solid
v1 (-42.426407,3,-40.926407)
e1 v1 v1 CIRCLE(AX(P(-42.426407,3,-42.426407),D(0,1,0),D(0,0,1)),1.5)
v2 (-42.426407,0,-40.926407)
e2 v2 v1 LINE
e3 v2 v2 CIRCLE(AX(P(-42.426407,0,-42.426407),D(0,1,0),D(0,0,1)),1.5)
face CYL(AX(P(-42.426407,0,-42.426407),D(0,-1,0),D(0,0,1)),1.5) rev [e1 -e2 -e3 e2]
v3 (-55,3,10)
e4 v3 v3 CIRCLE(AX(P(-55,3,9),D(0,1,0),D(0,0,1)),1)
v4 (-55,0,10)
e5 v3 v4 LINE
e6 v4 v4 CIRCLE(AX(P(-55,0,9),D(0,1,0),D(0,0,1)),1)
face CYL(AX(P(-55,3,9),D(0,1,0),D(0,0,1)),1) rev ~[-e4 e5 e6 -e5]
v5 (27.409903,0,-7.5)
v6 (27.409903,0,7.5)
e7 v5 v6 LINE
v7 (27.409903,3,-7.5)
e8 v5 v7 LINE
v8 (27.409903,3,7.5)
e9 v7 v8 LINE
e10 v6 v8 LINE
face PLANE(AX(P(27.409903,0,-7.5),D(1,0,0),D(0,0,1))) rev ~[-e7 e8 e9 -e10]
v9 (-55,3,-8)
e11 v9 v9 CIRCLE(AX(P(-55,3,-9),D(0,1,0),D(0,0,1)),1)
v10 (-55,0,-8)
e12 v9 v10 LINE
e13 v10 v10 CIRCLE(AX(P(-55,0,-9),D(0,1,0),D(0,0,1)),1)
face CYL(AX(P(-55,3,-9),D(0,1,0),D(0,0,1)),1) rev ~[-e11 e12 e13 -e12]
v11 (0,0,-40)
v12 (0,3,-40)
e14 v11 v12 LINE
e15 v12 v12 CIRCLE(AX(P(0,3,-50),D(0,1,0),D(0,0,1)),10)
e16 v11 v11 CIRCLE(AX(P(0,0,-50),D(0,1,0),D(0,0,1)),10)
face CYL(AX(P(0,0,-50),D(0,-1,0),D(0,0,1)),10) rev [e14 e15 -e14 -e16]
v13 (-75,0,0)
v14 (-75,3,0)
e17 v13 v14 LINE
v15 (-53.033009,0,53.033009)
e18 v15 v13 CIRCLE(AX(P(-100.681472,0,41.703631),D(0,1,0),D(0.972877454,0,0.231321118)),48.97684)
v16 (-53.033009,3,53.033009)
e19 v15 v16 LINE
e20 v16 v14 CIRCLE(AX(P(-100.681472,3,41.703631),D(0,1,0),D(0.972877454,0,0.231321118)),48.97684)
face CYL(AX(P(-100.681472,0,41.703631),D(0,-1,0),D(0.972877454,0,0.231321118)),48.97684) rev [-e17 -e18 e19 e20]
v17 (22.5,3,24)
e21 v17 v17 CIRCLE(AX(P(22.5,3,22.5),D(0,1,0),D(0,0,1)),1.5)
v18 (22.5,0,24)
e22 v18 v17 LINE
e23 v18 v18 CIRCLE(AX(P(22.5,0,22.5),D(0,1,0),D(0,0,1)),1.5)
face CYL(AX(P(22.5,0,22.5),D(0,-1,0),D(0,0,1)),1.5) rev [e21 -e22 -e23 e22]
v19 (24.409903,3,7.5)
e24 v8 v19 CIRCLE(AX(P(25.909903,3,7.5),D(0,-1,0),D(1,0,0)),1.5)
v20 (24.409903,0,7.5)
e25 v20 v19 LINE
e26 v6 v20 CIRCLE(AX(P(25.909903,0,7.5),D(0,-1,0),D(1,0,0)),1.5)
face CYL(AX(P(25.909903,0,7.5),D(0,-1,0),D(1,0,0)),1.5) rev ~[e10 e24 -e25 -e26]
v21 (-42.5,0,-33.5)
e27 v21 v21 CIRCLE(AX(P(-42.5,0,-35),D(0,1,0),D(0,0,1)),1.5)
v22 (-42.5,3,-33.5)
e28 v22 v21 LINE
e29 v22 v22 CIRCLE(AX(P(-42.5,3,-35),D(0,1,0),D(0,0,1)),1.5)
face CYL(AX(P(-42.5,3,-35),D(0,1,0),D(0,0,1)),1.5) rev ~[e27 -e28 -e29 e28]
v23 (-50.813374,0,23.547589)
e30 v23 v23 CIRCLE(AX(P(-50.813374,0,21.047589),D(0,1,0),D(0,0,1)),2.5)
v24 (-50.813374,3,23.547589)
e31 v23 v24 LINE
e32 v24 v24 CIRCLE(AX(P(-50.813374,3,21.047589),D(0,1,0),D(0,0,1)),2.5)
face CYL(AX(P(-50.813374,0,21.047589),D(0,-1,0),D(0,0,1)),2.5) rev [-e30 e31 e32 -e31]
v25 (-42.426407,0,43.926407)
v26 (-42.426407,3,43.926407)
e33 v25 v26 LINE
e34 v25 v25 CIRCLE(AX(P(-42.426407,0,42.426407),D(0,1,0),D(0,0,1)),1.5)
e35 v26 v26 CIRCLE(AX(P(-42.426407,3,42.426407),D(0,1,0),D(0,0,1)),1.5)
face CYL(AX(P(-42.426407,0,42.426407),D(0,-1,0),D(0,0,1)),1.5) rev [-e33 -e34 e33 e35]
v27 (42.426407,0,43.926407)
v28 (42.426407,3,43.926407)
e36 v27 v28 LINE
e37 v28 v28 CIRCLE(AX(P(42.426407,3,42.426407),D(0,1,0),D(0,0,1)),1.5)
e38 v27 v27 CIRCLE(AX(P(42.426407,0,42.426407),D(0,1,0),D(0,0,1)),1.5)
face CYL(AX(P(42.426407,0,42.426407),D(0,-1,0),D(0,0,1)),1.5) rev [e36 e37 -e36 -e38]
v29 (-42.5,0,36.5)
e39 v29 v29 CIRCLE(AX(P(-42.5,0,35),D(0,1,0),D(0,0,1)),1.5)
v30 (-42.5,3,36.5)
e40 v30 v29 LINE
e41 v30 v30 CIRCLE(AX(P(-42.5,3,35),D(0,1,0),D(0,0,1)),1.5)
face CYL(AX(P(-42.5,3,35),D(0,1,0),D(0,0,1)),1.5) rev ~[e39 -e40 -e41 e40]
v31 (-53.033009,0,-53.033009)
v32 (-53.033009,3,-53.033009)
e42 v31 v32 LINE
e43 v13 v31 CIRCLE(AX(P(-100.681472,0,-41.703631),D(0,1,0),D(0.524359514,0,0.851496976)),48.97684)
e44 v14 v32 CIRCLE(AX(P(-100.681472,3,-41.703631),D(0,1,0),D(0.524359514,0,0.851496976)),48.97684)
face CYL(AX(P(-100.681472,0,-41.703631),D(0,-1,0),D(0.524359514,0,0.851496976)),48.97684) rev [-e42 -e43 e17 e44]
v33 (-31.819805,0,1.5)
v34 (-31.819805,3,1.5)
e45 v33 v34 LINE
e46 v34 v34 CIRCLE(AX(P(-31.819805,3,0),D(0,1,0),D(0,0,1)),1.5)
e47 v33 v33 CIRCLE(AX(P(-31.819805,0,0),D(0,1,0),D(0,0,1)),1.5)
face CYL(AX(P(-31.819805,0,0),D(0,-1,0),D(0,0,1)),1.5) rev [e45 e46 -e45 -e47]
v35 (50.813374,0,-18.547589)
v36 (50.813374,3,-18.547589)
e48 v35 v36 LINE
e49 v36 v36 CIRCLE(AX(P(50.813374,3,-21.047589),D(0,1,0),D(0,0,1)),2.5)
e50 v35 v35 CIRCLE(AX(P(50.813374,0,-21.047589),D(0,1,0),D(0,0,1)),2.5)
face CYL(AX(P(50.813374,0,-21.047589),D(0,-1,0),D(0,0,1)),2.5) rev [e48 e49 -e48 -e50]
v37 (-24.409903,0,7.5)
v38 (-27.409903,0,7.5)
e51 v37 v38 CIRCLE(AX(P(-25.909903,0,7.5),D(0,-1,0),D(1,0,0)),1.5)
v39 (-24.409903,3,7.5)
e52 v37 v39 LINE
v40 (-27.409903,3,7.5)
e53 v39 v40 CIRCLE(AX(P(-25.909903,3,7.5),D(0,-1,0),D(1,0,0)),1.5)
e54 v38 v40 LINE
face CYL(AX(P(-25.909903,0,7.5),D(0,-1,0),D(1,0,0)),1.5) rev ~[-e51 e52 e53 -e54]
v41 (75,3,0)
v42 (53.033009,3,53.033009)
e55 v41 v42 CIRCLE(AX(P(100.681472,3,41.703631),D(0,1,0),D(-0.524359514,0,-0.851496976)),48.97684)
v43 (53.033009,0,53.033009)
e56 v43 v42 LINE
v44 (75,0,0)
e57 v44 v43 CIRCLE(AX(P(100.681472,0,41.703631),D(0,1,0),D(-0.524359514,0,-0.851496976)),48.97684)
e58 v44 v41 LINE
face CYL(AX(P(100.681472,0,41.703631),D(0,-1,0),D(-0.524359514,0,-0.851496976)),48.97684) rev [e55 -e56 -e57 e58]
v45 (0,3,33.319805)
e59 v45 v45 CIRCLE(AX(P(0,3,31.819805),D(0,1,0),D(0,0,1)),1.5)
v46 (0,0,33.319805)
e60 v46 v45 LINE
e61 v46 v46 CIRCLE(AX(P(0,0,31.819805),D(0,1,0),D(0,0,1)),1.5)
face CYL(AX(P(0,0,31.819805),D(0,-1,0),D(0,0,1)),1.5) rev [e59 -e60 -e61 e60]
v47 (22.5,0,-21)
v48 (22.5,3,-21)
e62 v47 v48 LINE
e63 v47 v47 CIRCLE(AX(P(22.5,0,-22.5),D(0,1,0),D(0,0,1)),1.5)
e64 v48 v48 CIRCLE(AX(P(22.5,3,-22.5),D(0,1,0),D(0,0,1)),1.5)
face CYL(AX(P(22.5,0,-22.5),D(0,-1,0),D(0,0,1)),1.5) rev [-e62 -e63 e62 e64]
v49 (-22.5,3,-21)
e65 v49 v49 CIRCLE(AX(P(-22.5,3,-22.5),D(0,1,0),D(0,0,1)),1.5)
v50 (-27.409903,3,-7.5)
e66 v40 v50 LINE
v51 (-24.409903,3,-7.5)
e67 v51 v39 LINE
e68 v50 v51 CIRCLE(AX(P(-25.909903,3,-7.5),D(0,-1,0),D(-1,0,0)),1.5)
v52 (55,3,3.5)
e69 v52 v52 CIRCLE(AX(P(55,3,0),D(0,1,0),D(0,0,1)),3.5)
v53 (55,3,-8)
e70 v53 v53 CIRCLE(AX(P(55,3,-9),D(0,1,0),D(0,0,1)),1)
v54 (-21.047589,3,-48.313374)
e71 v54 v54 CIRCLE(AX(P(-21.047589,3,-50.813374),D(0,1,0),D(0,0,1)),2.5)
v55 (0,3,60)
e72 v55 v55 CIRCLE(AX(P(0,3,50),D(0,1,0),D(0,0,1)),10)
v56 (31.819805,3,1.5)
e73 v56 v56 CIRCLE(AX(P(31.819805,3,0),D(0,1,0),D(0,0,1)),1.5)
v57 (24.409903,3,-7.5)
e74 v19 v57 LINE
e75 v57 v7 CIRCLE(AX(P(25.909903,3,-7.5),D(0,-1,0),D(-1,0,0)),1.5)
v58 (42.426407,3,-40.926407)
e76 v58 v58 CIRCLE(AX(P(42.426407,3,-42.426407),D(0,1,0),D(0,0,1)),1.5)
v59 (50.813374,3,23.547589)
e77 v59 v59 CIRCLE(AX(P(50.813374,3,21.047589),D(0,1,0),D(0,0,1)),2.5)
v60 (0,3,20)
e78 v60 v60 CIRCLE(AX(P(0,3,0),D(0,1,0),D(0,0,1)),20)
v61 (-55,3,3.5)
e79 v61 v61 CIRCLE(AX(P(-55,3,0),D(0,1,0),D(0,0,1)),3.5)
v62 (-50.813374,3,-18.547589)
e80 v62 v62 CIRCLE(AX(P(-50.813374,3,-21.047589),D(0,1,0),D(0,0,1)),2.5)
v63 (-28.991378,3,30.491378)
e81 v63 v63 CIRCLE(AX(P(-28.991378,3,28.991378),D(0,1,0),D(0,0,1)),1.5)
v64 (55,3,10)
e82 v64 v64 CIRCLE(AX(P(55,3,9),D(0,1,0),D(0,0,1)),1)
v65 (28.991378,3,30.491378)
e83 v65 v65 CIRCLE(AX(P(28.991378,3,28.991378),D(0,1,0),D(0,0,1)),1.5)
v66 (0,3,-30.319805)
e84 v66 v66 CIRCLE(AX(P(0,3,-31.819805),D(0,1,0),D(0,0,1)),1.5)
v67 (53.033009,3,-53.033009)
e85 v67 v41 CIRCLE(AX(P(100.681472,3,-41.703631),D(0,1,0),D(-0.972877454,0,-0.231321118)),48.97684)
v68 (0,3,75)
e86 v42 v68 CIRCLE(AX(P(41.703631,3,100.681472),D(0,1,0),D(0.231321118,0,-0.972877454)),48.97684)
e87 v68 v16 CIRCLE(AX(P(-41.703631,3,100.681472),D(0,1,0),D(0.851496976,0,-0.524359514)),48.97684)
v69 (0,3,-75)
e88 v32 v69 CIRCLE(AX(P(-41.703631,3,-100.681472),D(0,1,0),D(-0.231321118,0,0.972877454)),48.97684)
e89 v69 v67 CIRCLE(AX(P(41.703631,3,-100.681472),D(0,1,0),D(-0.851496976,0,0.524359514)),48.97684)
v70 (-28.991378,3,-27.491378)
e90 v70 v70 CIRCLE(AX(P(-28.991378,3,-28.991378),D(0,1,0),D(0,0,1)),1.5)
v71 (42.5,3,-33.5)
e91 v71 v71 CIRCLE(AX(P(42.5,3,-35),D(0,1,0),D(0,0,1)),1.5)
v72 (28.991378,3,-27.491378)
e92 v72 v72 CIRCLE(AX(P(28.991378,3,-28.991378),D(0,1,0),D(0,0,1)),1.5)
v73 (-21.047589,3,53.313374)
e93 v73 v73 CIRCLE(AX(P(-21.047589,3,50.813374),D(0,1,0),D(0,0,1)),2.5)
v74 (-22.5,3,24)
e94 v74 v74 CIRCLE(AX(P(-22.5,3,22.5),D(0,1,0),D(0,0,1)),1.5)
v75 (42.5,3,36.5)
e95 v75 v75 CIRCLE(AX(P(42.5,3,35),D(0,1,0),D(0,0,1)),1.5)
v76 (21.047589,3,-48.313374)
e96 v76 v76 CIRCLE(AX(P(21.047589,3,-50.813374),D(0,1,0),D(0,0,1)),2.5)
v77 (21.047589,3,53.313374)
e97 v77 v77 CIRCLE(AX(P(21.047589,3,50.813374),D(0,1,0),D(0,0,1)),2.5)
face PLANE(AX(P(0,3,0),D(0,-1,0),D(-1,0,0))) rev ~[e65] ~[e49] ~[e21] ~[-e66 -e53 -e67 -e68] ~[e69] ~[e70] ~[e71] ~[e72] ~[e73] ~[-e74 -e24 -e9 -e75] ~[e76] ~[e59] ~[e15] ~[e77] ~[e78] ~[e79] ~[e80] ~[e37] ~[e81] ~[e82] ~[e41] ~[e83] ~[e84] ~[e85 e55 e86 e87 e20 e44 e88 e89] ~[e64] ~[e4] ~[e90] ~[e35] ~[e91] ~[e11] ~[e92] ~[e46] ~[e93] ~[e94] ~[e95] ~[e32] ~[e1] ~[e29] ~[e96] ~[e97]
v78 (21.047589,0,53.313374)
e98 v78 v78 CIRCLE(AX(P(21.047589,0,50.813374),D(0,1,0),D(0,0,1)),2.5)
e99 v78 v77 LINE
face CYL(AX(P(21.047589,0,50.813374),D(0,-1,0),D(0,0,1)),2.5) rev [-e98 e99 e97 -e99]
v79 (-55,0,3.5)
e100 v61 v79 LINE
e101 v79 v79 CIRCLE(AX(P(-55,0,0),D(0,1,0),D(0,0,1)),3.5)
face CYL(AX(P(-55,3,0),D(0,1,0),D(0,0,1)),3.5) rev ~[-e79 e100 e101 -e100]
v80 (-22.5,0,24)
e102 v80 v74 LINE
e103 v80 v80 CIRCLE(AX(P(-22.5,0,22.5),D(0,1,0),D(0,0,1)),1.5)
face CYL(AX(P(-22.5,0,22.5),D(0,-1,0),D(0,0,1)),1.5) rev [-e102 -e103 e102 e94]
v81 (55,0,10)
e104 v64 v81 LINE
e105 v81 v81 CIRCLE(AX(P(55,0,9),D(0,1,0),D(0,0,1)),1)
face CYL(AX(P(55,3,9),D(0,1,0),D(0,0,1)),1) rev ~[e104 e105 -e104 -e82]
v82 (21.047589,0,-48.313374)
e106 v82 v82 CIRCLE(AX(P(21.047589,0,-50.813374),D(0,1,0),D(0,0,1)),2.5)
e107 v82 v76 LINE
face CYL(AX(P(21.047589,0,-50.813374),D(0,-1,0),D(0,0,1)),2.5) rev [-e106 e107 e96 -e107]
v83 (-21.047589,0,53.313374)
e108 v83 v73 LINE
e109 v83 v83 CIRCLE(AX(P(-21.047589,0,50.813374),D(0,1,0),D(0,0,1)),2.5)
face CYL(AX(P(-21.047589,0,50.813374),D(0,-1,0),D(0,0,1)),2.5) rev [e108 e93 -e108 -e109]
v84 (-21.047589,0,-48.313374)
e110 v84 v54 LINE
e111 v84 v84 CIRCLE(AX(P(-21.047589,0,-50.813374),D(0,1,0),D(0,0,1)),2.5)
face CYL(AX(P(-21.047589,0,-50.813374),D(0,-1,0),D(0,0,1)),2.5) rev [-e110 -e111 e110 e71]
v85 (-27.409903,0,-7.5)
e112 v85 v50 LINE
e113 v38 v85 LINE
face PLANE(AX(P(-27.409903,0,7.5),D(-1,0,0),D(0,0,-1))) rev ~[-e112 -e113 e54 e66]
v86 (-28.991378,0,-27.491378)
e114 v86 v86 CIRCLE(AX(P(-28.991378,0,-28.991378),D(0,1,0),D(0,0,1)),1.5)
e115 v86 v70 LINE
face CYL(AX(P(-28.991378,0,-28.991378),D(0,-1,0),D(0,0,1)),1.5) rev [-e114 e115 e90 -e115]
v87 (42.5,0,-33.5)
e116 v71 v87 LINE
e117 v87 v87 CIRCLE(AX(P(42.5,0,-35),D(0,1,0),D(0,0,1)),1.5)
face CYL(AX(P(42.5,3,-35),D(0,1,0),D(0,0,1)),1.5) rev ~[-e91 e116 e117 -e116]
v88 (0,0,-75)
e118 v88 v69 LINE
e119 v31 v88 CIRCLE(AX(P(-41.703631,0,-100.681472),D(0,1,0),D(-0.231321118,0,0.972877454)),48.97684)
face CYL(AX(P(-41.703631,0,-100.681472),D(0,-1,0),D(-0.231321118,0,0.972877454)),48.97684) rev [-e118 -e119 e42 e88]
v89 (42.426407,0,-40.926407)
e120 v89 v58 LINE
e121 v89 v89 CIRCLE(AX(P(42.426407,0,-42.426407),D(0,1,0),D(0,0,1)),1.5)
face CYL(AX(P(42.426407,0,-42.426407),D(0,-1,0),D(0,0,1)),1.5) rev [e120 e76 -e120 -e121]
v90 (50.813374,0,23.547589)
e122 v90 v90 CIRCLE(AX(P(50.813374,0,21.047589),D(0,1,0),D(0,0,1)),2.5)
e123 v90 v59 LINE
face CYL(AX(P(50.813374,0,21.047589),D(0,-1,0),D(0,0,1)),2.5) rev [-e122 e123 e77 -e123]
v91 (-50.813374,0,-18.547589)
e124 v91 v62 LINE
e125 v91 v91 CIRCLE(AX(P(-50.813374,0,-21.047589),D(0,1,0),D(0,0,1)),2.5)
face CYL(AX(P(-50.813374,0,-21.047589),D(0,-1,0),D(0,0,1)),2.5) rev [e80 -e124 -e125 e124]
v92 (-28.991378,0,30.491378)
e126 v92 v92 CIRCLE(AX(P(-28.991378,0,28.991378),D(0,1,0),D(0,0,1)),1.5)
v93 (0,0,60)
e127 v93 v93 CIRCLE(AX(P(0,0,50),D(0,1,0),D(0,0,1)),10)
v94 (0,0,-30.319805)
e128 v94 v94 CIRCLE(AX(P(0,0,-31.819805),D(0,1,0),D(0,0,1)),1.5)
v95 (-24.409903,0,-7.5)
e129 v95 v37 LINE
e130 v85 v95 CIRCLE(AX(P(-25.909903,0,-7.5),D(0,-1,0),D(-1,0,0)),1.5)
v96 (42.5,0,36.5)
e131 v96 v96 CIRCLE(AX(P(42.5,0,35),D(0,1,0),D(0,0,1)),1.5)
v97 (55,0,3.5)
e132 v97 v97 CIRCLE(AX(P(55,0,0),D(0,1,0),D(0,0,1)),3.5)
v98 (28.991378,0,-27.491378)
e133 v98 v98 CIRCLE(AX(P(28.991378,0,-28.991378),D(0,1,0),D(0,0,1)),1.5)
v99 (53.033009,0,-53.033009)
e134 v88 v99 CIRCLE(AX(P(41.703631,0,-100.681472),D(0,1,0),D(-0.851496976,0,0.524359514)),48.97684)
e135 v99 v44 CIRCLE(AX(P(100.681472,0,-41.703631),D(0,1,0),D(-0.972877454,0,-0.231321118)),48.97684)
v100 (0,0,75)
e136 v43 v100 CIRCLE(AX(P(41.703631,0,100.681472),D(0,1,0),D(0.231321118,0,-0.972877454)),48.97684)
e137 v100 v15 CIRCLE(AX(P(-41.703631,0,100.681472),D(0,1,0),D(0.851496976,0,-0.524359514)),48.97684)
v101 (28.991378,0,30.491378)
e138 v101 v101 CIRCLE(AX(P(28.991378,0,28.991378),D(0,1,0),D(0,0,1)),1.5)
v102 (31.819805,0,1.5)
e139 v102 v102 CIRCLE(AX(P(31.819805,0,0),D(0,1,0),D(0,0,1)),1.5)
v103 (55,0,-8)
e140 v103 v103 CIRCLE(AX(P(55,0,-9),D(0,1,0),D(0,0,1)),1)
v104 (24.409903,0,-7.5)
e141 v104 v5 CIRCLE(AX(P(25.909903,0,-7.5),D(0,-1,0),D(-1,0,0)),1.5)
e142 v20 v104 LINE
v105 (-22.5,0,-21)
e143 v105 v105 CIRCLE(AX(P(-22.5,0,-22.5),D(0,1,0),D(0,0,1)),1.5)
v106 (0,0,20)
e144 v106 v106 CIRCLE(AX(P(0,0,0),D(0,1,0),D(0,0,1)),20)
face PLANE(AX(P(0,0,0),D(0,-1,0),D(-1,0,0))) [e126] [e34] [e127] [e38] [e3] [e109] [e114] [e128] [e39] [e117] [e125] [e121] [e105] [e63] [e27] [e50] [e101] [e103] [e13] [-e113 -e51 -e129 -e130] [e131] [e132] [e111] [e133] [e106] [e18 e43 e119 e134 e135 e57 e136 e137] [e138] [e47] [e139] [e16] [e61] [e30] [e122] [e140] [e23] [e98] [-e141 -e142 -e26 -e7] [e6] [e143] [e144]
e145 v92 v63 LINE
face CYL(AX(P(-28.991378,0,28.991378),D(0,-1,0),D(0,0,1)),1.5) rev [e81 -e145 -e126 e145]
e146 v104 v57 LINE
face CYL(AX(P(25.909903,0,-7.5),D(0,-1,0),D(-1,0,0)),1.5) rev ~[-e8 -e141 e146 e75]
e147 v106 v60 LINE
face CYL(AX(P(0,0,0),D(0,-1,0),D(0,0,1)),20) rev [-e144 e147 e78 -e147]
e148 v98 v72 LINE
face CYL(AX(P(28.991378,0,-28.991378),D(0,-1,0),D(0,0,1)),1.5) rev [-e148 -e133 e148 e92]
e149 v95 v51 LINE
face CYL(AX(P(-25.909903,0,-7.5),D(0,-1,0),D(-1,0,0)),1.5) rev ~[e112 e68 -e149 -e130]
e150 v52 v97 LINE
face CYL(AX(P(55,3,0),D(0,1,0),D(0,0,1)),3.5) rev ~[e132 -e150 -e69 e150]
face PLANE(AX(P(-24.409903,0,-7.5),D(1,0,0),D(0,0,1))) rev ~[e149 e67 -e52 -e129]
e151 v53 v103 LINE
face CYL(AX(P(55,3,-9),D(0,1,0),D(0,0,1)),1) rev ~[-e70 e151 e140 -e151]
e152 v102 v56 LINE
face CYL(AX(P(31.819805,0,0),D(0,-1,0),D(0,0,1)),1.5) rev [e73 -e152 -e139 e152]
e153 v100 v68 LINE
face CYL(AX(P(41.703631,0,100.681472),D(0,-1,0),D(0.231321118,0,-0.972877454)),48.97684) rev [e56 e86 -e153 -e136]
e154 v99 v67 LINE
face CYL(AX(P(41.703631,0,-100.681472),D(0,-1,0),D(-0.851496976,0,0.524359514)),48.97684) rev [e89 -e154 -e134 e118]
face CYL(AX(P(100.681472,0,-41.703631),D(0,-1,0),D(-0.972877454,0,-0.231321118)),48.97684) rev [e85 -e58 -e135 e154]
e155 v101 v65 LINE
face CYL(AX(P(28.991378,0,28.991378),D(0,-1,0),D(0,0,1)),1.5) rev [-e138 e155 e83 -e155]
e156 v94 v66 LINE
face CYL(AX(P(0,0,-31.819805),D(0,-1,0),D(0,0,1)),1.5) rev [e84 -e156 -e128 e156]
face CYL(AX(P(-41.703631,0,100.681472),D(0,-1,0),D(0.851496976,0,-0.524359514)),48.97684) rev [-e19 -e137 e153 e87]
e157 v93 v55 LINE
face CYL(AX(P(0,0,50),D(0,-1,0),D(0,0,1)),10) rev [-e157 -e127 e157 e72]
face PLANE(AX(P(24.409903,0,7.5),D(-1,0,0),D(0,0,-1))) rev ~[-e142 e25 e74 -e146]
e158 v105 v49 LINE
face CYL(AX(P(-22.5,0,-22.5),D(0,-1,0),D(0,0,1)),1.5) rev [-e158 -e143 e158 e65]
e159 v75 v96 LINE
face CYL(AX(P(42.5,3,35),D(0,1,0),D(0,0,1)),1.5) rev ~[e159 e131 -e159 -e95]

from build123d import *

# Parameters (mm, degrees)
SKETCH_1_R          = 1.5
SKETCH_1_R_2        = 20
SKETCH_1_R_3        = 2.5
SKETCH_1_R_4        = 10
EXTRUDE_2_DEPTH     = 3
SKETCH_2_R          = 1
SKETCH_2_R_2        = 3.5
CUT_EXTRUDE_1_DEPTH = 3
SKETCH_3_R          = 1.5
CUT_EXTRUDE_2_DEPTH = 10


with BuildPart() as part:
    # 草圖1 → 填料-伸長2 (new body)
    with BuildSketch(Plane(origin=(0, 0, 0), x_dir=(1, 0, 0), z_dir=(0, 1, 0))):
        with BuildLine():
            ThreePointArc((-53.033008589, 53.033008589), (-22.961005942, 55.432771951), (0, 75))
            ThreePointArc((0, 75), (22.961005942, 55.432771951), (53.033008589, 53.033008589))
            ThreePointArc((53.033008589, 53.033008589), (55.432771951, 22.961005942), (75, 0))
            ThreePointArc((75, 0), (55.432771951, -22.961005942), (53.033008589, -53.033008589))
            ThreePointArc((53.033008589, -53.033008589), (22.961005942, -55.432771951), (0, -75))
            ThreePointArc((0, -75), (-22.961005942, -55.432771951), (-53.033008589, -53.033008589))
            ThreePointArc((-53.033008589, -53.033008589), (-55.432771951, -22.961005942), (-75, 0))
            ThreePointArc((-75, 0), (-55.432771951, 22.961005942), (-53.033008589, 53.033008589))
        make_face()
        with Locations(Location((-42.426406871, 42.426406871, 0), (0, 0, 270))):
            Circle(SKETCH_1_R, mode=Mode.SUBTRACT)
        with Locations(Location((-28.991378029, 28.991378029, 0), (0, 0, 270))):
            Circle(SKETCH_1_R, mode=Mode.SUBTRACT)
        with Locations(Location((28.991378029, -28.991378029, 0), (0, 0, 270))):
            Circle(SKETCH_1_R, mode=Mode.SUBTRACT)
        with Locations(Location((42.426406871, -42.426406871, 0), (0, 0, 270))):
            Circle(SKETCH_1_R, mode=Mode.SUBTRACT)
        with Locations(Location((42.426406871, 42.426406871, 0), (0, 0, 270))):
            Circle(SKETCH_1_R, mode=Mode.SUBTRACT)
        with Locations(Location((28.991378029, 28.991378029, 0), (0, 0, 270))):
            Circle(SKETCH_1_R, mode=Mode.SUBTRACT)
        with Locations(Location((-28.991378029, -28.991378029, 0), (0, 0, 270))):
            Circle(SKETCH_1_R, mode=Mode.SUBTRACT)
        with Locations(Location((-42.426406871, -42.426406871, 0), (0, 0, 270))):
            Circle(SKETCH_1_R, mode=Mode.SUBTRACT)
        with Locations(Location((0, 0, 0), (0, 0, 270))):
            Circle(SKETCH_1_R_2, mode=Mode.SUBTRACT)
        with Locations(Location((0, 31.819805153, 0), (0, 0, 270))):
            Circle(SKETCH_1_R, mode=Mode.SUBTRACT)
        with Locations(Location((31.819805153, 0, 0), (0, 0, 270))):
            Circle(SKETCH_1_R, mode=Mode.SUBTRACT)
        with Locations(Location((22.5, 22.5, 0), (0, 0, 270))):
            Circle(SKETCH_1_R, mode=Mode.SUBTRACT)
        with Locations(Location((0, -31.819805153, 0), (0, 0, 270))):
            Circle(SKETCH_1_R, mode=Mode.SUBTRACT)
        with Locations(Location((-22.5, -22.5, 0), (0, 0, 270))):
            Circle(SKETCH_1_R, mode=Mode.SUBTRACT)
        with Locations(Location((-31.819805153, 0, 0), (0, 0, 270))):
            Circle(SKETCH_1_R, mode=Mode.SUBTRACT)
        with Locations(Location((-22.5, 22.5, 0), (0, 0, 270))):
            Circle(SKETCH_1_R, mode=Mode.SUBTRACT)
        with Locations(Location((22.5, -22.5, 0), (0, 0, 270))):
            Circle(SKETCH_1_R, mode=Mode.SUBTRACT)
        with Locations(Location((-21.04758878, 50.813374288, 0), (0, 0, 270))):
            Circle(SKETCH_1_R_3, mode=Mode.SUBTRACT)
        with Locations(Location((21.04758878, 50.813374288, 0), (0, 0, 270))):
            Circle(SKETCH_1_R_3, mode=Mode.SUBTRACT)
        with Locations(Location((50.813374288, 21.04758878, 0), (0, 0, 270))):
            Circle(SKETCH_1_R_3, mode=Mode.SUBTRACT)
        with Locations(Location((50.813374288, -21.04758878, 0), (0, 0, 270))):
            Circle(SKETCH_1_R_3, mode=Mode.SUBTRACT)
        with Locations(Location((21.04758878, -50.813374288, 0), (0, 0, 270))):
            Circle(SKETCH_1_R_3, mode=Mode.SUBTRACT)
        with Locations(Location((-21.04758878, -50.813374288, 0), (0, 0, 270))):
            Circle(SKETCH_1_R_3, mode=Mode.SUBTRACT)
        with Locations(Location((-50.813374288, -21.04758878, 0), (0, 0, 270))):
            Circle(SKETCH_1_R_3, mode=Mode.SUBTRACT)
        with Locations(Location((-50.813374288, 21.04758878, 0), (0, 0, 270))):
            Circle(SKETCH_1_R_3, mode=Mode.SUBTRACT)
        with Locations(Location((0, 50, 0), (0, 0, 270))):
            Circle(SKETCH_1_R_4, mode=Mode.SUBTRACT)
        with Locations(Location((0, -50, 0), (0, 0, 270))):
            Circle(SKETCH_1_R_4, mode=Mode.SUBTRACT)
        with BuildLine():
            Line((-24.409902577, 7.5), (-24.409902577, -7.5))
            ThreePointArc((-24.409902577, -7.5), (-25.909902577, -9), (-27.409902577, -7.5))
            Line((-27.409902577, -7.5), (-27.409902577, 7.5))
            ThreePointArc((-27.409902577, 7.5), (-25.909902577, 9), (-24.409902577, 7.5))
        make_face(mode=Mode.SUBTRACT)
        with BuildLine():
            Line((27.409902577, 7.5), (27.409902577, -7.5))
            ThreePointArc((27.409902577, -7.5), (25.909902577, -9), (24.409902577, -7.5))
            Line((24.409902577, -7.5), (24.409902577, 7.5))
            ThreePointArc((24.409902577, 7.5), (25.909902577, 9), (27.409902577, 7.5))
        make_face(mode=Mode.SUBTRACT)
    extrude(amount=EXTRUDE_2_DEPTH)

    # 草圖2 → 除料-伸長1 (cut)
    with BuildSketch(Plane(origin=(0, 3, 0), x_dir=(1, 0, 0), z_dir=(0, 1, 0))):
        with Locations(Location((-55, 9, 0), (0, 0, 270))):
            Circle(SKETCH_2_R)
        with Locations(Location((-55, -9, 0), (0, 0, 270))):
            Circle(SKETCH_2_R)
        with Locations(Location((55, 9, 0), (0, 0, 270))):
            Circle(SKETCH_2_R)
        with Locations(Location((55, -9, 0), (0, 0, 270))):
            Circle(SKETCH_2_R)
        with Locations(Location((-55, 0, 0), (0, 0, 270))):
            Circle(SKETCH_2_R_2)
        with Locations(Location((55, 0, 0), (0, 0, 270))):
            Circle(SKETCH_2_R_2)
    extrude(amount=-CUT_EXTRUDE_1_DEPTH, mode=Mode.SUBTRACT)

    # 草圖3 → 除料-伸長2 (cut)
    with BuildSketch(Plane(origin=(0, 3, 0), x_dir=(1, 0, 0), z_dir=(0, 1, 0))):
        with Locations(Location((-42.5, 35, 0), (0, 0, 270))):
            Circle(SKETCH_3_R)
        with Locations(Location((42.5, 35, 0), (0, 0, 270))):
            Circle(SKETCH_3_R)
        with Locations(Location((42.5, -35, 0), (0, 0, 270))):
            Circle(SKETCH_3_R)
        with Locations(Location((-42.5, -35, 0), (0, 0, 270))):
            Circle(SKETCH_3_R)
    extrude(amount=-CUT_EXTRUDE_2_DEPTH, mode=Mode.SUBTRACT)


solid = part.part
